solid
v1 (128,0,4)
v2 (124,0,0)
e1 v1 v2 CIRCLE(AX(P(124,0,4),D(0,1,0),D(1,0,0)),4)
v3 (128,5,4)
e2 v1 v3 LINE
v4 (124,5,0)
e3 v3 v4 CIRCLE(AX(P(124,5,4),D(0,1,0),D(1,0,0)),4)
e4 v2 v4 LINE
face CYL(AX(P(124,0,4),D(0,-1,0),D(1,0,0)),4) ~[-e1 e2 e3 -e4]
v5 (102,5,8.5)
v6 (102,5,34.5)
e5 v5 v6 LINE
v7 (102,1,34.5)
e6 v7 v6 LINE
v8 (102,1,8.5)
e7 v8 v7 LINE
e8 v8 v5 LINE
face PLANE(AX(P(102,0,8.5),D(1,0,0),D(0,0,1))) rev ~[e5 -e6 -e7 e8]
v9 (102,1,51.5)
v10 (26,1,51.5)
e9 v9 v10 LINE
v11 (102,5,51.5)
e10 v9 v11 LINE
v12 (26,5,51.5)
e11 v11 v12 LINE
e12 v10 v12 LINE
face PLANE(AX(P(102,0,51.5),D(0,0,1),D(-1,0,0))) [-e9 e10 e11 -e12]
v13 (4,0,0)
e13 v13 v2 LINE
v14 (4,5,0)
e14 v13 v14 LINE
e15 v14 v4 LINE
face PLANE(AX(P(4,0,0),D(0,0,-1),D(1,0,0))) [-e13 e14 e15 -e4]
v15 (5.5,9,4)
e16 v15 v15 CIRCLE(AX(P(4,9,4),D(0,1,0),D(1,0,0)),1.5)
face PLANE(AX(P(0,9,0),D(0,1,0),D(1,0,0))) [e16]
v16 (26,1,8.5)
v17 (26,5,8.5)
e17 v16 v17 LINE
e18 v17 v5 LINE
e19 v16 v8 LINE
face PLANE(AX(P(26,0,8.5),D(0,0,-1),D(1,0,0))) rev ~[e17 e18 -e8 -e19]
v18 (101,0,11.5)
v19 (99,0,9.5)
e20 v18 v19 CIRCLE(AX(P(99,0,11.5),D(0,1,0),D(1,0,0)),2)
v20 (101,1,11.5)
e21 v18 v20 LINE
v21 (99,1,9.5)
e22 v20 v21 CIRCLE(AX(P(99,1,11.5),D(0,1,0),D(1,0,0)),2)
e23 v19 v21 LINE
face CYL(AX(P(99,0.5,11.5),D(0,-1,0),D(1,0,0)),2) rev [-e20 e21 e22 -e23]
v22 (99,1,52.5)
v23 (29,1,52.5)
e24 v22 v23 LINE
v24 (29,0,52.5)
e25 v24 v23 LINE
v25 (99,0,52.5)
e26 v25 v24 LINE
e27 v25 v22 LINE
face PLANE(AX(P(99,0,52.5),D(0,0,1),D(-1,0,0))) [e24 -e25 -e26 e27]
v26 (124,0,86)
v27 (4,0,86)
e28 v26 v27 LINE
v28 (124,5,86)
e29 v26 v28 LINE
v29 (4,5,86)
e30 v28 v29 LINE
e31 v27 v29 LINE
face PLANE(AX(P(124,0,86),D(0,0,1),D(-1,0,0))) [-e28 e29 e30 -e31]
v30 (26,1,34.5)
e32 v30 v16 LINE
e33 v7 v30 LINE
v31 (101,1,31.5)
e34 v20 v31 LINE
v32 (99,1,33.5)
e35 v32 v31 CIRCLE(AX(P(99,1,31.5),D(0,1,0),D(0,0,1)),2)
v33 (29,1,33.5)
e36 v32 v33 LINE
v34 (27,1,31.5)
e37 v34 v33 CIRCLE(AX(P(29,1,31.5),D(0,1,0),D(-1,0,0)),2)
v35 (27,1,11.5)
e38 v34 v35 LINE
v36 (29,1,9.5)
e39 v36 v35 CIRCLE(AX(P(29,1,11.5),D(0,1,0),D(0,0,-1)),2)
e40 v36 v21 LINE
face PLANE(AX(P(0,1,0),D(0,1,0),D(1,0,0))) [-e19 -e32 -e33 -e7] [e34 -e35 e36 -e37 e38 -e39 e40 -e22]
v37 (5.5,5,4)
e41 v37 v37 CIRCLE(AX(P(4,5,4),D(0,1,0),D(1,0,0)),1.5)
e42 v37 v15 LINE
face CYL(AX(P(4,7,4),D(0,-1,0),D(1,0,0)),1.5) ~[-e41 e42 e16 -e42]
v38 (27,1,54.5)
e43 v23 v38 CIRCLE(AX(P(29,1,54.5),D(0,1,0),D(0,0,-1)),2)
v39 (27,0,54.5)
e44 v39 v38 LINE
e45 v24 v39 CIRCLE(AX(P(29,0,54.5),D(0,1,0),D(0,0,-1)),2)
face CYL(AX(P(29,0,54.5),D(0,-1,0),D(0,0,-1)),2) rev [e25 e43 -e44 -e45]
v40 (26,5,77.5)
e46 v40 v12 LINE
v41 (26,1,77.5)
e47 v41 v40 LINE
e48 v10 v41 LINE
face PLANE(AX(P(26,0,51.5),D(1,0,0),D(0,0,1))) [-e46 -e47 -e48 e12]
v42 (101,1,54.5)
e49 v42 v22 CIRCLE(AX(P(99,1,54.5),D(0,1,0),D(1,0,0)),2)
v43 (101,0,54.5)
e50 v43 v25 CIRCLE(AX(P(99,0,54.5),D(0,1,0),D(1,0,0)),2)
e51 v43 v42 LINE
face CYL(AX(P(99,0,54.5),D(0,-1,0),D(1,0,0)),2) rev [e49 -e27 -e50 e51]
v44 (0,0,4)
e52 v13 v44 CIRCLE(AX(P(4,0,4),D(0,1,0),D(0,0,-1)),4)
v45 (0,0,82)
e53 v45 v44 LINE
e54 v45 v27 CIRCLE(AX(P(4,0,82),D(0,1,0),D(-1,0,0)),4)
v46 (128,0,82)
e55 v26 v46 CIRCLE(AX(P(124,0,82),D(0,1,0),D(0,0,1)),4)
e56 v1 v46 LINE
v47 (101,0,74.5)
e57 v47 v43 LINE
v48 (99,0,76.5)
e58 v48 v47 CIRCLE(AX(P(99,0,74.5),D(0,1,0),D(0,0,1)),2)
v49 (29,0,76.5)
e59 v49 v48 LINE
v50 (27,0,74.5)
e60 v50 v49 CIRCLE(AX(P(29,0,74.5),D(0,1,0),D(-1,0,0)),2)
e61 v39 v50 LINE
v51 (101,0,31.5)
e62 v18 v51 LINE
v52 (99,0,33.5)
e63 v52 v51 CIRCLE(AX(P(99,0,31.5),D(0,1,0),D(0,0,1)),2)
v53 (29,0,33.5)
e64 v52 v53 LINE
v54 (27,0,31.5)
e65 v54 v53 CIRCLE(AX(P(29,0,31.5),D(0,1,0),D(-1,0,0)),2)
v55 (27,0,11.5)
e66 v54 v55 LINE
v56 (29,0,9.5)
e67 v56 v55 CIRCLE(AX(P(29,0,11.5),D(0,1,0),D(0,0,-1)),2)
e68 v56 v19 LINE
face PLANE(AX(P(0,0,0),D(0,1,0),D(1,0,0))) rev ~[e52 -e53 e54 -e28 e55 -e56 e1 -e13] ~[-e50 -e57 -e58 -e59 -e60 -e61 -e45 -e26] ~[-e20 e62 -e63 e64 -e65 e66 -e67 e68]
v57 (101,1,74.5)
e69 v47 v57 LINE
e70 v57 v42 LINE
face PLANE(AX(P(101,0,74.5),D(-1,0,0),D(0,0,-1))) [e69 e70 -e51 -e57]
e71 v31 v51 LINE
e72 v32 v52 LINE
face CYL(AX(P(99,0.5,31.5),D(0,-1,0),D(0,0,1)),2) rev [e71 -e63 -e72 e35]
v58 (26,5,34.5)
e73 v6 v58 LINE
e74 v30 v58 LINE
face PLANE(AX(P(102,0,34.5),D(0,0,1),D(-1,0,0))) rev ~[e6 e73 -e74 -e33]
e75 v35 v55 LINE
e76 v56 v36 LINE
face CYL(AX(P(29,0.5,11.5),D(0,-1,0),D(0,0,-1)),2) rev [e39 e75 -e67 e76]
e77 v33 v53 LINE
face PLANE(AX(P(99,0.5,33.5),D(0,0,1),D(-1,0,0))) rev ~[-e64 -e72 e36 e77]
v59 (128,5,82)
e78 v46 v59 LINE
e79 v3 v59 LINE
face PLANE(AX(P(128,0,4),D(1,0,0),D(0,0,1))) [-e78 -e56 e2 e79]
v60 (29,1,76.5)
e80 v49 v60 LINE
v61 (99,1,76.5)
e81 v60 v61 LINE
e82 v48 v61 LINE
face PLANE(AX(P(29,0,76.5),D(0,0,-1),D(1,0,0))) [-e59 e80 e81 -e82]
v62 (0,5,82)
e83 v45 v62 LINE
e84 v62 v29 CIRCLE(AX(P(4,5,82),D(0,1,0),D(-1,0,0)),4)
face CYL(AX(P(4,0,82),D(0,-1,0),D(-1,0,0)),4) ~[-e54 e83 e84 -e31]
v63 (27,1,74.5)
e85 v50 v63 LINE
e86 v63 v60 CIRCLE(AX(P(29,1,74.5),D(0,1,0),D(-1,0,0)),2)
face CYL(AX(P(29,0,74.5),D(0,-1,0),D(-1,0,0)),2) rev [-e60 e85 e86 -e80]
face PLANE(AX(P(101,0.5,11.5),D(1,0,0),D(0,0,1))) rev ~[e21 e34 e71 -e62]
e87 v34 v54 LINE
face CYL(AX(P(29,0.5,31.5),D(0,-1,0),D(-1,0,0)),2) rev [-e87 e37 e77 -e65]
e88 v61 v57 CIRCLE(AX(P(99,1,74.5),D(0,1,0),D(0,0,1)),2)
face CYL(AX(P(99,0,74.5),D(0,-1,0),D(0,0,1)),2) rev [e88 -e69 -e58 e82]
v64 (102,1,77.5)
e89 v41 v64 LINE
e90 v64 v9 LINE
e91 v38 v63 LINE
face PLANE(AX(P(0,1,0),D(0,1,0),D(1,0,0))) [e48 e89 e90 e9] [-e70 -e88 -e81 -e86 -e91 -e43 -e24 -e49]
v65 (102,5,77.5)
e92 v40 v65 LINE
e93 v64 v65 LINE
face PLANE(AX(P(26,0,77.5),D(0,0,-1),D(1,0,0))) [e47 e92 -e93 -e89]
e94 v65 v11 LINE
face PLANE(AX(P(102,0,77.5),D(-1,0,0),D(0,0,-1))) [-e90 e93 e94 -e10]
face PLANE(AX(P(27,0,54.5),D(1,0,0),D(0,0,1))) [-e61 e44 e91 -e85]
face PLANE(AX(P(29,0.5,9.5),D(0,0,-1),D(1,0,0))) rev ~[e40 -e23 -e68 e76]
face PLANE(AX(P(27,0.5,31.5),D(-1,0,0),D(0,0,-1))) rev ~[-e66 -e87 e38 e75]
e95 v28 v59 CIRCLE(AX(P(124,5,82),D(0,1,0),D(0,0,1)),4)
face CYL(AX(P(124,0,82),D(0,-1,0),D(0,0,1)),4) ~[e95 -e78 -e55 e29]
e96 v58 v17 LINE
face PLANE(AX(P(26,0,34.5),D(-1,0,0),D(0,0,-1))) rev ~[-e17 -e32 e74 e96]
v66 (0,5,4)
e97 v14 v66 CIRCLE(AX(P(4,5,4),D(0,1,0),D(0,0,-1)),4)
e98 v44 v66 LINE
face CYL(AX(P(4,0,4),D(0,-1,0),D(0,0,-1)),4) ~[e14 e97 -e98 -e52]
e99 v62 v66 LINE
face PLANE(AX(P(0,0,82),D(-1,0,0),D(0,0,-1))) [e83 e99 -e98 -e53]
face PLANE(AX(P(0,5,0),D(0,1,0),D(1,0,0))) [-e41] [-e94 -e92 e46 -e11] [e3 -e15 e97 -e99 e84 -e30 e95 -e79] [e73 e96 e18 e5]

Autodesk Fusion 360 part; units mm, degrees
sketch "Sketch1" plane through (0, 0, 0) normal (0, 1, 0) x (1, 0, 0)
  line L0 (5, -15) -> (56.3866, -15)
  line L1 (56.3866, -15) -> (56.3866, -37.4714)
  line L2 (56.3866, -37.4714) -> (5, -37.4714)
  line L3 (5, -37.4714) -> (5, -15)
sketch "Sketch2" plane through (0, 0, 0) normal (0, 1, 0) x (1, 0, 0)
  line L0 (4, 0) -> (124, 0)
  line L1 (128, -4) -> (128, -82)
  line L2 (124, -86) -> (4, -86)
  line L3 (0, -82) -> (0, -4)
  arc A0 (4, 0) -> (0, -4) centre (4, -4) ccw
  arc A1 (128, -4) -> (124, 0) centre (124, -4) ccw
  arc A2 (0, -82) -> (4, -86) centre (4, -82) ccw
  arc A3 (124, -86) -> (128, -82) centre (124, -82) ccw
  line L4 (64, -86) -> (64, 0) construction
  line L5 (64, -43) -> (64, -21.5) construction
  line L6 (64, -21.5) -> (64, -8.5) construction
  line L7 (64, -8.5) -> (26, -8.5) construction
  line L8 (26, -8.5) -> (102, -8.5)
  line L9 (102, -8.5) -> (102, -34.5)
  line L10 (102, -34.5) -> (26, -34.5)
  line L11 (26, -34.5) -> (26, -8.5)
  line L12 (26, -8.5) -> (27, -8.5) construction
  line L13 (27, -8.5) -> (27, -9.5) construction
  line L14 (29, -9.5) -> (99, -9.5)
  line L15 (101, -11.5) -> (101, -31.5)
  line L16 (99, -33.5) -> (29, -33.5)
  line L17 (27, -31.5) -> (27, -11.5)
  line L18 (64, -64.5) -> (64, -77.5) construction
  line L19 (64, -77.5) -> (26, -77.5) construction
  line L20 (26, -77.5) -> (102, -77.5)
  line L21 (102, -77.5) -> (102, -51.5)
  line L22 (102, -51.5) -> (26, -51.5)
  line L23 (26, -51.5) -> (26, -77.5)
  line L24 (26, -77.5) -> (26, -76.5)
  line L25 (26, -76.5) -> (27, -76.5)
  line L26 (29, -76.5) -> (99, -76.5)
  line L27 (101, -74.5) -> (101, -54.5)
  line L28 (99, -52.5) -> (29, -52.5)
  line L29 (27, -54.5) -> (27, -74.5)
  arc A4 (29, -52.5) -> (27, -54.5) centre (29, -54.5) ccw
  arc A5 (27, -74.5) -> (29, -76.5) centre (29, -74.5) ccw
  arc A6 (101, -54.5) -> (99, -52.5) centre (99, -54.5) ccw
  arc A7 (99, -76.5) -> (101, -74.5) centre (99, -74.5) ccw
  arc A8 (29, -9.5) -> (27, -11.5) centre (29, -11.5) ccw
  arc A9 (27, -31.5) -> (29, -33.5) centre (29, -31.5) ccw
  arc A10 (99, -33.5) -> (101, -31.5) centre (99, -31.5) ccw
  arc A11 (101, -11.5) -> (99, -9.5) centre (99, -11.5) ccw
  circle A12 centre (4, -4) radius 1.5
  point P0 (128, 0)
  point P1 (0, -86)
  point P2 (101, -9.5)
  point P3 (27, -33.5)
  point P4 (101, -76.5)
  point P5 (27, -52.5)
  dimension "d3" = 128
  dimension "d4" = 86
  dimension "d5" = 4
  dimension "d6" = 4
  dimension "d7" = 4
  dimension "d8" = 4
  dimension "d12" = 76
  dimension "d13" = 26
  dimension "d14" = 1
  dimension "d15" = 74
  dimension "d16" = 24
  dimension "d20" = 76
  dimension "d21" = 26
  dimension "d22" = 74
  dimension "d23" = 24
  dimension "d24" = 2
  dimension "d25" = 2
  dimension "d26" = 2
  dimension "d27" = 2
  dimension "d28" = 2
  dimension "d29" = 2
  dimension "d30" = 2
  dimension "d31" = 2
  dimension "d32" = 3
extrude "Extrude2" add sketch "Sketch2" along normal blind 5 contours L0 L1 L2 L3 A0 A1 A2 A3
extrude "Extrude3" add sketch "Sketch2" along normal blind 0.5 contours L8 L9 L10 L11
extrude "Extrude4" add 1 faces at (52.3333, 0.5, 34.1667) along direction (0, 1, 0) blind 0.5
extrude "Extrude5" add sketch "Sketch2" along normal blind 1 contours L20 L21 L22 L23 L24
extrude "Extrude6" add sketch "Sketch2" along normal blind 12 contours A12
extrude "Extrude7" cut 1 faces at (3.584, 12, 3.3234) along direction (0, -1, 0) blind 5
extrude "Extrude8" add 1 faces at (3.584, 7, 3.3234) along direction (0, 1, 0) blind 2
